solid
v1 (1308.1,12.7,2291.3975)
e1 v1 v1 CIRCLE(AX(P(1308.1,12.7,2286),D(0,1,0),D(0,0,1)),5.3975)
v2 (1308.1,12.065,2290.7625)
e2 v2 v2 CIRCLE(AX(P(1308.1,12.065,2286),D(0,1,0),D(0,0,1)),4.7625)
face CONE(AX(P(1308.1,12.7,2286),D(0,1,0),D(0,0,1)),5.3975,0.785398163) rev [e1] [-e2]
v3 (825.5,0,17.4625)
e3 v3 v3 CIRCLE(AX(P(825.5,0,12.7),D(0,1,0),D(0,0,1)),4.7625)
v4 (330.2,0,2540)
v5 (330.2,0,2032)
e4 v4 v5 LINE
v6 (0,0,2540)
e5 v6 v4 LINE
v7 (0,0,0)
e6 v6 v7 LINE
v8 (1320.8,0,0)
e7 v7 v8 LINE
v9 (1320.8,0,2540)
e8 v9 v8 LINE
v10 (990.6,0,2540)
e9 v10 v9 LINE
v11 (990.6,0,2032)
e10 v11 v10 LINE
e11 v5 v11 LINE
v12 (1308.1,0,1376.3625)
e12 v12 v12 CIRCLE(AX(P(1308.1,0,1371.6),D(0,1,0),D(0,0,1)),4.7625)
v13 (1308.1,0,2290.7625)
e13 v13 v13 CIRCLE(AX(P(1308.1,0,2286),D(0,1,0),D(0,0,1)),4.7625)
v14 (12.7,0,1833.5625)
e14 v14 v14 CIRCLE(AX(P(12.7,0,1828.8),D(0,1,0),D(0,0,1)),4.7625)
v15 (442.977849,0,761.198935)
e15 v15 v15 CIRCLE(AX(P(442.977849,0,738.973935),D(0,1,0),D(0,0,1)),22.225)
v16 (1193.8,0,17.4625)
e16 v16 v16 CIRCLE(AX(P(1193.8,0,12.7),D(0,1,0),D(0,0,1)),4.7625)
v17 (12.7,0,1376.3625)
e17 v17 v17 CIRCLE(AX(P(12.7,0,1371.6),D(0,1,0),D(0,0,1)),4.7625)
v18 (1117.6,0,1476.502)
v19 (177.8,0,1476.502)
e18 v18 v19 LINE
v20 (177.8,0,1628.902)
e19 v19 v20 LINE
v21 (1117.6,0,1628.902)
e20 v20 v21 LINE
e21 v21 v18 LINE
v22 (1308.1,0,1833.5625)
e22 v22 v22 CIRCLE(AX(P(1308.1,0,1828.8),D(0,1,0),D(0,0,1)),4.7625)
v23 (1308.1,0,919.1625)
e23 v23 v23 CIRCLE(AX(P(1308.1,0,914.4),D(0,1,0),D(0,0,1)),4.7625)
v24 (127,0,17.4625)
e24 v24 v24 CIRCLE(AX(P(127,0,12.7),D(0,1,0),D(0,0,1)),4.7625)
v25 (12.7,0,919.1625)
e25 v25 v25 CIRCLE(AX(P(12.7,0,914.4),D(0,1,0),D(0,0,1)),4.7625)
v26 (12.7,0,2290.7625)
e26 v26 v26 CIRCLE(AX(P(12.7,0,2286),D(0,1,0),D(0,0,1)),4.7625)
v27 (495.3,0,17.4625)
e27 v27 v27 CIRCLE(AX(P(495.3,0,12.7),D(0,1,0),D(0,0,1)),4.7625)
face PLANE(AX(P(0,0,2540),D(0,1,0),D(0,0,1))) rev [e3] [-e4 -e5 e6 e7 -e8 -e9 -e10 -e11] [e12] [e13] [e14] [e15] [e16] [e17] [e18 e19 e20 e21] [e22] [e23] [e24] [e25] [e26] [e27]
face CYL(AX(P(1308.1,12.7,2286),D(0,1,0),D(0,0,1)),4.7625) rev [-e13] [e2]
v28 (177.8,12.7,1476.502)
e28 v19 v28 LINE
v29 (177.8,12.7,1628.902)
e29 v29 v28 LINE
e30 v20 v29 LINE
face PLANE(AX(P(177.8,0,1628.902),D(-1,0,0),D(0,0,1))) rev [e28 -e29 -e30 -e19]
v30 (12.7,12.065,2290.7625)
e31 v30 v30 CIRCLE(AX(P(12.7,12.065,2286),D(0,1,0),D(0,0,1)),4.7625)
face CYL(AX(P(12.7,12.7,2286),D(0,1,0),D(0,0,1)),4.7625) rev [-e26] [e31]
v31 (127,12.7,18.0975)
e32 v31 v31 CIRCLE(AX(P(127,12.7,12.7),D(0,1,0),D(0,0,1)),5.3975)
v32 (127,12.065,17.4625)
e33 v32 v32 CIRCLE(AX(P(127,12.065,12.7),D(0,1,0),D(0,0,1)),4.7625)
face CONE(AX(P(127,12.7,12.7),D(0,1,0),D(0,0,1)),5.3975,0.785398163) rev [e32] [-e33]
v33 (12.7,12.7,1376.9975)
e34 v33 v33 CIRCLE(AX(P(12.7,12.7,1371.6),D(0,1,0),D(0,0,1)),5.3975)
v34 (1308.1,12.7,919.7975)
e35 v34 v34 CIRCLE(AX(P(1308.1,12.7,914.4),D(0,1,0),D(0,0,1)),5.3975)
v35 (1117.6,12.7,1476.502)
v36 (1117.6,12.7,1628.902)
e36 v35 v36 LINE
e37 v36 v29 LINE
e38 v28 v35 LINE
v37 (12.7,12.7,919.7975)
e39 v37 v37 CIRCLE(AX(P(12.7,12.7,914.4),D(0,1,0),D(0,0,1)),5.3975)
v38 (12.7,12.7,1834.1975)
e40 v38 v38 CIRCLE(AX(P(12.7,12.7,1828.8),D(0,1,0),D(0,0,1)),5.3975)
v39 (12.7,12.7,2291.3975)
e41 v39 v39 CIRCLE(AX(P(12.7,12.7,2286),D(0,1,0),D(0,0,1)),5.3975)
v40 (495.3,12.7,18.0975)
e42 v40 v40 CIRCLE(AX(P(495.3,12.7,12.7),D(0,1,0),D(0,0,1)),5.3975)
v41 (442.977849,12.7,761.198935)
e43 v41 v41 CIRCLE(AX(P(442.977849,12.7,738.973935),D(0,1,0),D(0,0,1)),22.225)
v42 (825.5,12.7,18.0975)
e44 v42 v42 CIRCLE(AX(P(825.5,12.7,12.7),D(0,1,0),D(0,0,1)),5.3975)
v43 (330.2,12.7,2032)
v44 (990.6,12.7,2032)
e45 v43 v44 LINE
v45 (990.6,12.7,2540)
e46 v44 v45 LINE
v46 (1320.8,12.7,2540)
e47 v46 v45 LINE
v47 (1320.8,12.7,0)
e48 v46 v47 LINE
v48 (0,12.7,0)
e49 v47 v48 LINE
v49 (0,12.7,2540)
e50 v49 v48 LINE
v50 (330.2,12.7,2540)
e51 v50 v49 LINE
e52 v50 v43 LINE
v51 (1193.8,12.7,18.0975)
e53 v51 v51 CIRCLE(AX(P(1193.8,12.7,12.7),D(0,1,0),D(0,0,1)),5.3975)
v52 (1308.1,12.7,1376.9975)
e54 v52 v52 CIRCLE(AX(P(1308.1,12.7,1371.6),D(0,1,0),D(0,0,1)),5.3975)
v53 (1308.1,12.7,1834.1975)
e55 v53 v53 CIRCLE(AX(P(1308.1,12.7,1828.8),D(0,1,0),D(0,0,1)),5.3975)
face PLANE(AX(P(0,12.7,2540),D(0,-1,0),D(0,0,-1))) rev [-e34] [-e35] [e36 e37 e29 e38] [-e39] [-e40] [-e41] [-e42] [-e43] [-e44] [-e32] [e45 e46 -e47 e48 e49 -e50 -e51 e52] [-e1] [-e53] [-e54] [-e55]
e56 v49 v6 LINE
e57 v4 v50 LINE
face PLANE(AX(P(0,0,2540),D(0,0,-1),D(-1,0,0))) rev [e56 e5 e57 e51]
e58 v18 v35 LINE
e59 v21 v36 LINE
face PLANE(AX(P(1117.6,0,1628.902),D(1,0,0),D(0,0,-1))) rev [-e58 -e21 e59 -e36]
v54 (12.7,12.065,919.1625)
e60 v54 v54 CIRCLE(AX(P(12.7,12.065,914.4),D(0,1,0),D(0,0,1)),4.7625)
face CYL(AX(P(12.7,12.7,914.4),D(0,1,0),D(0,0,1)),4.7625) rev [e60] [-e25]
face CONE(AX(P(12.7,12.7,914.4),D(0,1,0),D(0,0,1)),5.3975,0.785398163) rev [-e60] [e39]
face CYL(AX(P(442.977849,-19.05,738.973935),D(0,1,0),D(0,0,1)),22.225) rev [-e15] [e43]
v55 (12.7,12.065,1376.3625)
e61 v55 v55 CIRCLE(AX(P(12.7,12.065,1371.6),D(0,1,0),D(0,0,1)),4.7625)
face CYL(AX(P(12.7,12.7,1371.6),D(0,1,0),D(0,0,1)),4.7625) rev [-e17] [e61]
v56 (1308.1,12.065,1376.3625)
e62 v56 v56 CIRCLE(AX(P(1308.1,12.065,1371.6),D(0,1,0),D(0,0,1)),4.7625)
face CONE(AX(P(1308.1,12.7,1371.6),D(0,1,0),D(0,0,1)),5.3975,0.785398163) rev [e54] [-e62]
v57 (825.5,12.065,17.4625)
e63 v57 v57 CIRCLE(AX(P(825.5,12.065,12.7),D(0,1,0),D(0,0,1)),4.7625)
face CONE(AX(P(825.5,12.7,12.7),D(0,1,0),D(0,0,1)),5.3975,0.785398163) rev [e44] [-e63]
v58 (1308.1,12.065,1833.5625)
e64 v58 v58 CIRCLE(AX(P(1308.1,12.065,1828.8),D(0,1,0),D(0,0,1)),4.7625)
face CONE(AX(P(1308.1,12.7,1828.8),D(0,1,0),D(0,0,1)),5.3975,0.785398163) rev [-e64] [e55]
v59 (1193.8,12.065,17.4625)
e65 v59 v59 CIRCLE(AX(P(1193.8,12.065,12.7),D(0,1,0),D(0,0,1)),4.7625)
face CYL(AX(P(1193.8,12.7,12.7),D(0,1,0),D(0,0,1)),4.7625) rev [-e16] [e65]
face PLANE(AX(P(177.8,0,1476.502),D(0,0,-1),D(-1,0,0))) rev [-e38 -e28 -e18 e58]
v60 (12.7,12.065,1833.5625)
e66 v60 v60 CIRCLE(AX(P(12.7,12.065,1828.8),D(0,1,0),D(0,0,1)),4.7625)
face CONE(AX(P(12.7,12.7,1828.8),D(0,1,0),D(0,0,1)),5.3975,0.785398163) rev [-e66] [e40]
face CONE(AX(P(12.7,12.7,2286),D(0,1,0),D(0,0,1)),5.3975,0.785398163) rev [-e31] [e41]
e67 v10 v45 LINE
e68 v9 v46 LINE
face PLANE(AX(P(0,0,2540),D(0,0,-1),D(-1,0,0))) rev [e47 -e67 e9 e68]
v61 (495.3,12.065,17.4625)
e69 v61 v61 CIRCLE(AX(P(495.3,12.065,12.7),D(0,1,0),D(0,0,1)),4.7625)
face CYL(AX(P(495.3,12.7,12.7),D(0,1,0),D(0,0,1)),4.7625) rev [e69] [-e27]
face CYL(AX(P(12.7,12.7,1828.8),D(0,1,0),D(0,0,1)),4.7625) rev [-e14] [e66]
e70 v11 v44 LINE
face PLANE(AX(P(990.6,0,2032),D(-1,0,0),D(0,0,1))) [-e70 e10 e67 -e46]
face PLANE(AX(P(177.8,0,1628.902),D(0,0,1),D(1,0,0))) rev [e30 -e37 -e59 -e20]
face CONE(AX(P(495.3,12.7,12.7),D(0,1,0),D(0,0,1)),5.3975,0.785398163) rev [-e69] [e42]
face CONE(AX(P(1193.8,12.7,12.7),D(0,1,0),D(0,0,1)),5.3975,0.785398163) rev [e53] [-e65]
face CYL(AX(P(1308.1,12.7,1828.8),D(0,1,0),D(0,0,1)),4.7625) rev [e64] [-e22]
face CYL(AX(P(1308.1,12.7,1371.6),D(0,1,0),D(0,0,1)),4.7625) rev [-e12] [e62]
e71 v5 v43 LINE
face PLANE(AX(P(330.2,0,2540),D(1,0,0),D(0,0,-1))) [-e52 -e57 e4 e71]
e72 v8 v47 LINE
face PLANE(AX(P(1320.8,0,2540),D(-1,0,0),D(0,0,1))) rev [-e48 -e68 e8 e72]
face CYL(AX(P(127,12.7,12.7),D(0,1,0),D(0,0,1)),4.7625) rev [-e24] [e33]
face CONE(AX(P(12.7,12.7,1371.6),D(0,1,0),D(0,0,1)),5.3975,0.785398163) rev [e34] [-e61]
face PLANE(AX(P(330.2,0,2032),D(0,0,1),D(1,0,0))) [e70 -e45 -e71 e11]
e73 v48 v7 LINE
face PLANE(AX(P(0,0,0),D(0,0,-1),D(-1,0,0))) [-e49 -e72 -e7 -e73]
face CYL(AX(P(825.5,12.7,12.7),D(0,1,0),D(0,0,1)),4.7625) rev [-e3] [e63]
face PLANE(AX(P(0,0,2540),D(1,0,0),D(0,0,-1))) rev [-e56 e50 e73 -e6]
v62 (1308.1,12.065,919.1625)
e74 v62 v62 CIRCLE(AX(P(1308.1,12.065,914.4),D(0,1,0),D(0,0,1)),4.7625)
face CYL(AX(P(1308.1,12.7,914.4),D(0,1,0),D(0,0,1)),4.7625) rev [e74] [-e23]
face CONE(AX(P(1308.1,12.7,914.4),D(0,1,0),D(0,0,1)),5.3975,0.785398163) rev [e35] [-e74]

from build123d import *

# Parameters (mm, degrees)
SKETCH1_W                              = 1320.8
SKETCH1_H                              = 12.7
BOSS_EXTRUDE1_DEPTH                    = 2540
SKETCH2_W                              = 660.4
SKETCH2_H                              = 508
CUT_EXTRUDE1_DEPTH                     = 13.7
F_3_8_0_375_DIAMETER_HOLE1_D           = 9.525
F_3_8_0_375_DIAMETER_HOLE1_CSINK_D     = 10.795
F_3_8_0_375_DIAMETER_HOLE1_CSINK_ANGLE = 90
SKETCH5_W                              = 939.8
SKETCH5_H                              = 152.4
CUT_EXTRUDE3_DEPTH                     = 1
CUT_EXTRUDE3_DEPTH_BACK                = 13.7
SKETCH6_R                              = 22.225
CUT_EXTRUDE4_DEPTH                     = 31.75


with BuildPart() as part:
    # Sketch1 → Boss-Extrude1 (new body)
    with BuildSketch(Plane.XY):
        with Locations((660.4, 6.35)):
            Rectangle(SKETCH1_W, SKETCH1_H)
    extrude(amount=BOSS_EXTRUDE1_DEPTH)

    # Sketch2 → Cut-Extrude1 (cut, through all)
    with BuildSketch(Plane(origin=(0, 12.7, 0), x_dir=(1, 0, 0), z_dir=(0, 1, 0))):
        with Locations((660.4, -2286)):
            Rectangle(SKETCH2_W, SKETCH2_H)
    extrude(amount=-CUT_EXTRUDE1_DEPTH, mode=Mode.SUBTRACT)

    # 3/8 (0.375) Diameter Hole1 (through all)
    with Locations(Plane(origin=(0, 12.7, 0), x_dir=(1, 0, 0), z_dir=(0, 1, 0))):
        with Locations((1308.1, -2286), (1308.1, -1828.8), (1308.1, -1371.6), (1308.1, -914.4), (12.7, -2286), (12.7, -1828.8), (12.7, -1371.6), (12.7, -914.4), (495.3, -12.7), (127, -12.7), (1193.8, -12.7), (825.5, -12.7)):
            CounterSinkHole(F_3_8_0_375_DIAMETER_HOLE1_D / 2, F_3_8_0_375_DIAMETER_HOLE1_CSINK_D / 2, counter_sink_angle=F_3_8_0_375_DIAMETER_HOLE1_CSINK_ANGLE)

    # Sketch5 → Cut-Extrude3 (cut, two sides)
    with BuildSketch(Plane(origin=(0, 12.7, 0), x_dir=(1, 0, 0), z_dir=(0, 1, 0))) as cut_extrude3_sk:
        with Locations((647.7, -1552.702)):
            Rectangle(SKETCH5_W, SKETCH5_H)
    extrude(amount=CUT_EXTRUDE3_DEPTH, mode=Mode.SUBTRACT)
    extrude(cut_extrude3_sk.sketch, amount=-CUT_EXTRUDE3_DEPTH_BACK, mode=Mode.SUBTRACT)

    # Sketch6 → Cut-Extrude4 (cut)
    with BuildSketch(Plane(origin=(0, 12.7, 0), x_dir=(1, 0, 0), z_dir=(0, 1, 0))):
        with Locations((442.97784899, -738.973935122)):
            Circle(SKETCH6_R)
    extrude(amount=-CUT_EXTRUDE4_DEPTH, mode=Mode.SUBTRACT)


solid = part.part
